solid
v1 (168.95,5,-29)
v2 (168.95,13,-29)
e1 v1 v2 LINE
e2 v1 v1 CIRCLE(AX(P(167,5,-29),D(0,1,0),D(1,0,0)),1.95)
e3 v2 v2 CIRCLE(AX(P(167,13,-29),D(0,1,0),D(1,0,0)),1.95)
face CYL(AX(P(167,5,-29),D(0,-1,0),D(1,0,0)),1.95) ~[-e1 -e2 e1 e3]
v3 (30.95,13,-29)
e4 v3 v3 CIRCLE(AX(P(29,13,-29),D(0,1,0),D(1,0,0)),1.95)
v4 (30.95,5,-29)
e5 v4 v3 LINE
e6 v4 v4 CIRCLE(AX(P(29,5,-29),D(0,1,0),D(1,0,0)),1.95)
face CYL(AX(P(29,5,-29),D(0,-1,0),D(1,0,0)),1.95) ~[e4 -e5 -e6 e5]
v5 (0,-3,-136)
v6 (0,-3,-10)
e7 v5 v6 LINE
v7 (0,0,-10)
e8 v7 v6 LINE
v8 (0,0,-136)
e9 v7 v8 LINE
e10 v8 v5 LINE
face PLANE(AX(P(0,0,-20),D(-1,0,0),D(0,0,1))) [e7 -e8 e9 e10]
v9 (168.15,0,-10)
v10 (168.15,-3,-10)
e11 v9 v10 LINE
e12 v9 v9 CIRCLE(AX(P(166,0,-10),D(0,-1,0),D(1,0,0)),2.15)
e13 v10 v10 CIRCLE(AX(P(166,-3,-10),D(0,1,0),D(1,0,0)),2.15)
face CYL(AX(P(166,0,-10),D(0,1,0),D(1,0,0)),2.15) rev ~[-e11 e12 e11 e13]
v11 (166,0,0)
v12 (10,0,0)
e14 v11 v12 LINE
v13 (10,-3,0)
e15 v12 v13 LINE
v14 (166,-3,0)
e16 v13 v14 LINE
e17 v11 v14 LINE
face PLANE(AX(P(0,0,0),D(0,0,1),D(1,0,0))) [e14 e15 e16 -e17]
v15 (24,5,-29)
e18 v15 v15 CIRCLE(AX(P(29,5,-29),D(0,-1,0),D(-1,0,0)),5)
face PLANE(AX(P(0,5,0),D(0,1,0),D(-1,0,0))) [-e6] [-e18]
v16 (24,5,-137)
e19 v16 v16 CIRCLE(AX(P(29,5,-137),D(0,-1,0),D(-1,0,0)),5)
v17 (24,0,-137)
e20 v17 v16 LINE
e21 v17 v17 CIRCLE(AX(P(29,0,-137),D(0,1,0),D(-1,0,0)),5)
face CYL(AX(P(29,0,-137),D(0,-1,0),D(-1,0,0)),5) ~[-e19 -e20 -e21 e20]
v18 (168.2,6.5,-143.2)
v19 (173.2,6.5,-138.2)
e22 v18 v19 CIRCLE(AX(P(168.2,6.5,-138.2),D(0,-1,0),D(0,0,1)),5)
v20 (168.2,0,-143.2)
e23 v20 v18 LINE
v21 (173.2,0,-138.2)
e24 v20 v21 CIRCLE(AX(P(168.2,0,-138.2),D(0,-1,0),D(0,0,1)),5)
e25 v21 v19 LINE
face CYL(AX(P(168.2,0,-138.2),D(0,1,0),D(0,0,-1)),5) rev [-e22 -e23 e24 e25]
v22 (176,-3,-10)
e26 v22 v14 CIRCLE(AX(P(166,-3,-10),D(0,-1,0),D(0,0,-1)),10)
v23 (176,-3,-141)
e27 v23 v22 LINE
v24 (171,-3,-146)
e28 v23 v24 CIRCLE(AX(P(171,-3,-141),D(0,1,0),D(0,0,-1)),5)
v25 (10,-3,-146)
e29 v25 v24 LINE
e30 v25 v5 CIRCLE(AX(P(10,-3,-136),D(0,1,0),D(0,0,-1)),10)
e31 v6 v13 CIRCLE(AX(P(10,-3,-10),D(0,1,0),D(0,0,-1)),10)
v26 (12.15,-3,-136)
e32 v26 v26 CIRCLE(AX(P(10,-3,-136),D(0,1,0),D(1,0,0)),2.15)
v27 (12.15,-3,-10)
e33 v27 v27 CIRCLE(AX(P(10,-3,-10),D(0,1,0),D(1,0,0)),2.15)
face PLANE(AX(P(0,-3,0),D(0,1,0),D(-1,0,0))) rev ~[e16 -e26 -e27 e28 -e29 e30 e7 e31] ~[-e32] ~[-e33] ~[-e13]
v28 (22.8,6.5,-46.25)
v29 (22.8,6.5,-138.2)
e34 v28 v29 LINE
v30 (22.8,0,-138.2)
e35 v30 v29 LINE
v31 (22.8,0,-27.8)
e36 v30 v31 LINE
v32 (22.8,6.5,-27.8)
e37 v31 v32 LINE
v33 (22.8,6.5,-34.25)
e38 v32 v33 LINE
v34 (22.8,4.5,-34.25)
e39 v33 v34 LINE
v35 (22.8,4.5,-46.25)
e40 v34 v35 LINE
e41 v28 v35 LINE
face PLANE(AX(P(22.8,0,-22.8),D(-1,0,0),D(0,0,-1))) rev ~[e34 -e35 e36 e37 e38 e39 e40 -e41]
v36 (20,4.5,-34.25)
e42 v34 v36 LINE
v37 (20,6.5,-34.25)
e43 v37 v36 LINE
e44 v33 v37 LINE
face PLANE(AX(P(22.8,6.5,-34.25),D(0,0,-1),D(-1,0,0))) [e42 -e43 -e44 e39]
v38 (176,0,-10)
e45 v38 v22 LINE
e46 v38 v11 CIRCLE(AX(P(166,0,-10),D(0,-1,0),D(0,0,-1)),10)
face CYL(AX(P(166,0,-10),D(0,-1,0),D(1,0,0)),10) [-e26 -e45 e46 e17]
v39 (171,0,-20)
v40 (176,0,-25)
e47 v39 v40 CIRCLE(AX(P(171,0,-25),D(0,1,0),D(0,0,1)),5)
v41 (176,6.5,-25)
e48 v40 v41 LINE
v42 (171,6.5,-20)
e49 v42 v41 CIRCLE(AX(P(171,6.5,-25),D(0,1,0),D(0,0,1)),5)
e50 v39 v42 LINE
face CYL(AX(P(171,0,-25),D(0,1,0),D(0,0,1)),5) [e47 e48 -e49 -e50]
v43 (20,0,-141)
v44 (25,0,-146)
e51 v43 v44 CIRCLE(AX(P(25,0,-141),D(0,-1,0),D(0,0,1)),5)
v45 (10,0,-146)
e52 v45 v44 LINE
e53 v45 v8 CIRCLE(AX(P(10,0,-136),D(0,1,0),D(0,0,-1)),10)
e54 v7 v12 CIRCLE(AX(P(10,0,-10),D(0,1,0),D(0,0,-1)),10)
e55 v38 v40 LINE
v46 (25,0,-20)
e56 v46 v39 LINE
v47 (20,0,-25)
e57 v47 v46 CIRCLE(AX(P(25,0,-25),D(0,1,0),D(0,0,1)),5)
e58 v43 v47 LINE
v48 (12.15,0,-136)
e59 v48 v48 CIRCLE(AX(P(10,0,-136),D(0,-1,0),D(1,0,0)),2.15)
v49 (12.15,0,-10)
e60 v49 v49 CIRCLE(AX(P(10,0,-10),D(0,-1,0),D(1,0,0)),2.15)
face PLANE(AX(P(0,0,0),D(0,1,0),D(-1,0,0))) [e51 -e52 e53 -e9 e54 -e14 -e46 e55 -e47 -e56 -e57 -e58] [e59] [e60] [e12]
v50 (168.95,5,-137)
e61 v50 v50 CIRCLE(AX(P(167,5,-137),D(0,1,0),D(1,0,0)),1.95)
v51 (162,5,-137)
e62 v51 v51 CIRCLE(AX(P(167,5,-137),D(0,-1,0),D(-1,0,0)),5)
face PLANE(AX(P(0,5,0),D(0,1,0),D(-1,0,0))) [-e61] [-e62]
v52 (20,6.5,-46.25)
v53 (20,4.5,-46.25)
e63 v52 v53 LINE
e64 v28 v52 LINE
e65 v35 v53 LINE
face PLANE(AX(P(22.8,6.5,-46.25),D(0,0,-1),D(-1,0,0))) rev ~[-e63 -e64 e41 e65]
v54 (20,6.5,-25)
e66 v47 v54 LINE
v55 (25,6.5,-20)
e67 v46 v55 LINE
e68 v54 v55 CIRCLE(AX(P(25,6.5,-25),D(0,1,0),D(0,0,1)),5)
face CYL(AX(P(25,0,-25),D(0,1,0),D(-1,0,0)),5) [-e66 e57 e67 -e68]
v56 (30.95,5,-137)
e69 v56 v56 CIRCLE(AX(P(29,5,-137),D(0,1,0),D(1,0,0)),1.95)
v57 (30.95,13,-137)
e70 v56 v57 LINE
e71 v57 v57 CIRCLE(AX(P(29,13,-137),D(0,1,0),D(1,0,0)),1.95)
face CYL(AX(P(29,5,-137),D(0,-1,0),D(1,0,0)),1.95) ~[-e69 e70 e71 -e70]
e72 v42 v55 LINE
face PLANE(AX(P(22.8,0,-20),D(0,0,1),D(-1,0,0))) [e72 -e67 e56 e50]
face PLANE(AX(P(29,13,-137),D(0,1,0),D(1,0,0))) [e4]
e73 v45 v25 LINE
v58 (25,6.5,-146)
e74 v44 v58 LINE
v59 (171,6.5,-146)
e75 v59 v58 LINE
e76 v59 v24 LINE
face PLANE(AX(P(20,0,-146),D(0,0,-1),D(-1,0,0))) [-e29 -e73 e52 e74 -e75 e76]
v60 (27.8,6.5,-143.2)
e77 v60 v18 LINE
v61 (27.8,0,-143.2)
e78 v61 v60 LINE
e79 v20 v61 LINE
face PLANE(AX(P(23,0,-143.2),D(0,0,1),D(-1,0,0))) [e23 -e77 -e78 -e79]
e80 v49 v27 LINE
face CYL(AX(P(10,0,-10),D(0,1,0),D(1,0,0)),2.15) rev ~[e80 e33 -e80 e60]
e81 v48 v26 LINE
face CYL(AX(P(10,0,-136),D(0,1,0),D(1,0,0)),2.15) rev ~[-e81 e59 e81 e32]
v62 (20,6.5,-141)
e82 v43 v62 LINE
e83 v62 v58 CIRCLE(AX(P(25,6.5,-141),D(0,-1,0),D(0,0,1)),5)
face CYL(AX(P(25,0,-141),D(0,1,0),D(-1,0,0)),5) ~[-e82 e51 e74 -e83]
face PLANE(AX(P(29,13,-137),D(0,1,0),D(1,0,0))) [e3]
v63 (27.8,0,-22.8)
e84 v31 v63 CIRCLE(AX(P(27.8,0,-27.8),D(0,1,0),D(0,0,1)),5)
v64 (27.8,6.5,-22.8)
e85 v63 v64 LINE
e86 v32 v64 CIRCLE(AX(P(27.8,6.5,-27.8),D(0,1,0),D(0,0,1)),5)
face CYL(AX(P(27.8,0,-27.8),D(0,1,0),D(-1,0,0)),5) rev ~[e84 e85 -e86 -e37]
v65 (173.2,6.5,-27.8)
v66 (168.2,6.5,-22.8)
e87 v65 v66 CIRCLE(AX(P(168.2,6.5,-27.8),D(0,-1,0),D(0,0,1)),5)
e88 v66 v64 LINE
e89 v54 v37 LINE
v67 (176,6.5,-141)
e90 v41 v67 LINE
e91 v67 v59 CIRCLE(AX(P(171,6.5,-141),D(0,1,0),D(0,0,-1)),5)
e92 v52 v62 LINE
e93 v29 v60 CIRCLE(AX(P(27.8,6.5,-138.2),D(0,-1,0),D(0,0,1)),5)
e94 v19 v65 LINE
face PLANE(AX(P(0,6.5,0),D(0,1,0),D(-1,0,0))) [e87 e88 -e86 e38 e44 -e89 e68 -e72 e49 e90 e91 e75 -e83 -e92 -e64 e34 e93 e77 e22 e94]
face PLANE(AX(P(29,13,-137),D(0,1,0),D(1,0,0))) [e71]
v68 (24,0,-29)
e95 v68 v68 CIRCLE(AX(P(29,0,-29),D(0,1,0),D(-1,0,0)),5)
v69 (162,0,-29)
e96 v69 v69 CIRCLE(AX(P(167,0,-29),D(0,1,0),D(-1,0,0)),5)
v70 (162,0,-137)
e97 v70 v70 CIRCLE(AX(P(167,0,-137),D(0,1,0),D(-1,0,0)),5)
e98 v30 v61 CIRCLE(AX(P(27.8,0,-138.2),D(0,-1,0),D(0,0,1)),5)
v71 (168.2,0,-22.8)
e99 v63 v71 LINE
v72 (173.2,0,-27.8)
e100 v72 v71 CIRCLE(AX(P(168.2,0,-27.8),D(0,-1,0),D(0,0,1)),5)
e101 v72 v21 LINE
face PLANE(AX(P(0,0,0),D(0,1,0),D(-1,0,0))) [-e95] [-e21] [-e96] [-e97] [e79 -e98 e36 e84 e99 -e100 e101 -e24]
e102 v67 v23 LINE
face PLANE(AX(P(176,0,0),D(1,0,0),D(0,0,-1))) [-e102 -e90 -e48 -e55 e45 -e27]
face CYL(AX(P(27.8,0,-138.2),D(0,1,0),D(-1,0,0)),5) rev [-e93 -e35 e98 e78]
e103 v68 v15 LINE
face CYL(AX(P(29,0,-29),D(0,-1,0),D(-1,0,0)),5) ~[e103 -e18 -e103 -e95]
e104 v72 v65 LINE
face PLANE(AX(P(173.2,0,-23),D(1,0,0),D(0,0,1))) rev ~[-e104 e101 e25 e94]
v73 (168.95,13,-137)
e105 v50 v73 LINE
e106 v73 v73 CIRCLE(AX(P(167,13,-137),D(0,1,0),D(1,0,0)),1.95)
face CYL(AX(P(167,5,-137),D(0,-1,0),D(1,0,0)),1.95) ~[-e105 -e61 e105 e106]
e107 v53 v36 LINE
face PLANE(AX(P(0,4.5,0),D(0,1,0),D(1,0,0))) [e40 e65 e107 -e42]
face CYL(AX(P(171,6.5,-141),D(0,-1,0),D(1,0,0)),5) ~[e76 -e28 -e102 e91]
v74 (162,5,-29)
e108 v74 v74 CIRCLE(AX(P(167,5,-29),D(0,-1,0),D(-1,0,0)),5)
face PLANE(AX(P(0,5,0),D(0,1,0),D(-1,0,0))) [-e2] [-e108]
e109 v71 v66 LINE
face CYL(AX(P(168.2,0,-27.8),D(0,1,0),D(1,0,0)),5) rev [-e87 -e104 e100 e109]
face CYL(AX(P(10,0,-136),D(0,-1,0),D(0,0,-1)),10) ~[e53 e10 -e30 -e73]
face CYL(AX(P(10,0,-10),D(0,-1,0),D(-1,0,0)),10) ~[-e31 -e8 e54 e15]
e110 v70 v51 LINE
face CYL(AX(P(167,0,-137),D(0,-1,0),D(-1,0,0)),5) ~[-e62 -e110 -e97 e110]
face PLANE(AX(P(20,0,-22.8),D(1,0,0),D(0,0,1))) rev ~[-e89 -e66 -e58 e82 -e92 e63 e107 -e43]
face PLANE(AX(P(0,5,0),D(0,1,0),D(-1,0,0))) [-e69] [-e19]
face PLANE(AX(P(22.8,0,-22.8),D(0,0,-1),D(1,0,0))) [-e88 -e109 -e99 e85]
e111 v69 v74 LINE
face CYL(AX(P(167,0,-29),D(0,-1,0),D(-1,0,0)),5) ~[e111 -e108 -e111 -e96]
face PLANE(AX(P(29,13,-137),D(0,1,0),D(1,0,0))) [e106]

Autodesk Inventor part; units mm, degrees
ref_plane "YZ Plane" through (0, 0, 0) normal (1, 0, 0) x (0, 1, 0)
ref_plane "XZ Plane" through (0, 0, 0) normal (0, 1, 0) x (-1, 0, 0)
ref_plane "XY Plane" through (0, 0, 0) normal (0, 0, 1) x (1, 0, 0)
sketch "Sketch1" plane through (0, 0, 0) normal (0, 1, 0) x (-1, 0, 0)
  line L0 (0, 0) -> (-176, 0)
  line L1 (-176, 0) -> (-176, -146)
  line L2 (-176, -146) -> (0, -146)
  line L3 (0, -146) -> (0, 0)
  line L4 (0, 0) -> (-176, 0)
  line L5 (-176, 0) -> (-176, -20)
  line L6 (-176, -20) -> (0, -20)
  line L7 (0, -20) -> (0, 0)
  line L8 (0, -146) -> (-20, -146)
  line L9 (-20, -146) -> (-20, 0)
  line L10 (-20, 0) -> (0, 0)
  line L11 (0, 0) -> (0, -146)
  line L12 (-20, -146) -> (-176, -146)
  line L13 (-176, -146) -> (-176, -143)
  line L14 (-176, -143) -> (-20, -143)
  line L15 (-20, -143) -> (-20, -146)
  line L16 (-20, -146) -> (-23, -146)
  line L17 (-23, -146) -> (-23, -20)
  line L18 (-23, -20) -> (-20, -20)
  line L19 (-20, -20) -> (-20, -146)
  line L20 (-20, -20) -> (-176, -20)
  line L21 (-176, -20) -> (-176, -23)
  line L22 (-176, -23) -> (-20, -23)
  line L23 (-20, -23) -> (-20, -20)
  line L24 (-176, -20) -> (-173, -20)
  line L25 (-173, -20) -> (-173, -146)
  line L26 (-173, -146) -> (-176, -146)
  line L27 (-176, -146) -> (-176, -20)
  line L28 (-20, -146) -> (-176, -146)
  line L29 (-176, -146) -> (-176, -143.2)
  line L30 (-176, -143.2) -> (-20, -143.2)
  line L31 (-20, -143.2) -> (-20, -146)
  line L32 (-176, -146) -> (-173.2, -146)
  line L33 (-173.2, -146) -> (-173.2, -20)
  line L34 (-173.2, -20) -> (-176, -20)
  line L35 (-176, -20) -> (-176, -146)
  line L36 (-176, -20) -> (-20, -20)
  line L37 (-20, -20) -> (-20, -22.8)
  line L38 (-20, -22.8) -> (-176, -22.8)
  line L39 (-176, -22.8) -> (-176, -20)
  line L40 (-20, -20) -> (-22.8, -20)
  line L41 (-22.8, -20) -> (-22.8, -146)
  line L42 (-22.8, -146) -> (-20, -146)
  line L43 (-20, -146) -> (-20, -20)
  line L44 (-23, -143) -> (-29, -143)
  line L45 (-29, -143) -> (-29, -137)
  line L46 (-29, -137) -> (-23, -137)
  line L47 (-23, -137) -> (-23, -143)
  line L48 (-173, -143) -> (-167, -143)
  line L49 (-167, -143) -> (-167, -137)
  line L50 (-167, -137) -> (-173, -137)
  line L51 (-173, -137) -> (-173, -143)
  line L52 (-173, -23) -> (-167, -23)
  line L53 (-167, -23) -> (-167, -29)
  line L54 (-167, -29) -> (-173, -29)
  line L55 (-173, -29) -> (-173, -23)
  line L56 (-23, -23) -> (-29, -23)
  line L57 (-29, -23) -> (-29, -29)
  line L58 (-29, -29) -> (-23, -29)
  line L59 (-23, -29) -> (-23, -23)
  line L60 (-23, -143) -> (-173, -143)
  line L61 (-173, -143) -> (-173, -23)
  line L62 (-173, -23) -> (-23, -23)
  line L63 (-23, -23) -> (-23, -143)
  circle A0 centre (-29, -137) radius 5
  circle A1 centre (-167, -137) radius 5
  circle A2 centre (-167, -29) radius 5
  circle A3 centre (-29, -29) radius 5
  line L64 (-22.8, -143.2) -> (-27.8, -143.2)
  line L65 (-27.8, -143.2) -> (-27.8, -138.2)
  line L66 (-27.8, -138.2) -> (-22.8, -138.2)
  line L67 (-22.8, -138.2) -> (-22.8, -143.2)
  line L68 (-173.2, -143.2) -> (-168.2, -143.2)
  line L69 (-168.2, -143.2) -> (-168.2, -138.2)
  line L70 (-168.2, -138.2) -> (-173.2, -138.2)
  line L71 (-173.2, -138.2) -> (-173.2, -143.2)
  line L72 (-173.2, -22.8) -> (-168.2, -22.8)
  line L73 (-168.2, -22.8) -> (-168.2, -27.8)
  line L74 (-168.2, -27.8) -> (-173.2, -27.8)
  line L75 (-173.2, -27.8) -> (-173.2, -22.8)
  line L76 (-22.8, -22.8) -> (-27.8, -22.8)
  line L77 (-27.8, -22.8) -> (-27.8, -27.8)
  line L78 (-27.8, -27.8) -> (-22.8, -27.8)
  line L79 (-22.8, -27.8) -> (-22.8, -22.8)
  circle A4 centre (-27.8, -138.2) radius 5
  circle A5 centre (-168.2, -138.2) radius 5
  circle A6 centre (-168.2, -27.8) radius 5
  circle A7 centre (-27.8, -27.8) radius 5
  dimension "d4" = 176
  dimension "d5" = 146
  dimension "d6" = 20
  dimension "d7" = 20
  dimension "d8" = 3
  dimension "d9" = 3
  dimension "d10" = 3
  dimension "d11" = 3
  dimension "d12" = 2.8
  dimension "d13" = 2.8
  dimension "d14" = 2.8
  dimension "d15" = 2.8
  dimension "d16" = 6
  dimension "d17" = 6
  dimension "d18" = 6
  dimension "d19" = 6
  dimension "d20" = 6
  dimension "d21" = 6
  dimension "d22" = 6
  dimension "d23" = 6
  dimension "d24" = 10
  dimension "d25" = 10
  dimension "d26" = 10
  dimension "d27" = 10
  dimension "d28" = 5
  dimension "d29" = 5
  dimension "d30" = 5
  dimension "d31" = 5
  dimension "d32" = 5
  dimension "d33" = 5
  dimension "d34" = 5
  dimension "d35" = 5
extrude "Extrusion1" add sketch "Sketch1" against normal blind 3
extrude "Extrusion2" add sketch "Sketch1" along normal blind 5 contours L77 L78 A3 L58 L57 | A3 L78 L77 | A7 A3 | A3 L57 L58 A7 | L74 L73 A2 L53 L54 | A2 L73 L74 | A6 A2 | A2 L54 L53 A6 | L66 L65 A0 L45 L46 | A0 L65 L66 | A4 A0 | A0 L46 L45 A4 | L70 L69 A1 | A1 L50 L49 L69 L70 | A5 A1 L49 L50 | A1 A5
extrude "Extrusion4" add sketch "Sketch1" along normal blind 6.5 contours L9 L38 L41 L6 | L6 L33 L38 L1 | L41 L38 L17 L6 | L9 L22 L41 L38 | L2 L41 L30 L9 | L38 L33 L22 L1 | L6 L25 L38 L33 | L17 L38 L25 L6 | L9 L14 L41 L22 | L2 L17 L30 L41 | L30 L41 L14 L9 | L22 L33 L14 L1 | L2 L25 L30 L17 | L14 L33 L30 L1 | L2 L33 L30 L25 | L30 L33 L2 L1
fillet "Fillet1" radius 5 4 edges at (22.8, 3.25, -143.2) (22.8, 3.25, -22.8) (173.2, 3.25, -22.8) (173.2, 3.25, -143.2)
sketch "Sketch2" plane through (29, 5, -137) normal (0, 1, 0) x (1, 0, 0)
  circle A0 centre (0, 0) radius 1.95
  circle A1 centre (138, 0) radius 5 projected
  circle A2 centre (138, 0) radius 1.95
  circle A3 centre (138, -108) radius 5 projected
  circle A4 centre (138, -108) radius 1.95
  circle A5 centre (0, -108) radius 5 projected
  circle A6 centre (0, -108) radius 1.95
  point P0 (-29, -137)
  dimension "d45" = 3.9
  dimension "d46" = 3.9
  dimension "d47" = 3.9
  dimension "d48" = 3.9
extrude "Extrusion5" add sketch "Sketch2" along normal blind 8 contours A0 | A2 | A4 | A6
fillet "Fillet2" radius 5 4 edges at (176, 3.25, -20) (20, 3.25, -20) (176, 1.75, -146) (20, 3.25, -146)
fillet "Fillet3" radius 10 3 edges at (176, -1.5, 0) (0, -1.5, 0) (0, -1.5, -146)
sketch "Sketch3" plane through (0, 0, 0) normal (0, 1, 0) x (1, 0, 0)
  line L0 (25, 146) -> (10, 146) projected
  line L1 (0, 0) -> (20, 0)
  line L2 (20, 0) -> (20, 146)
  line L3 (20, 146) -> (0, 146)
  line L4 (0, 146) -> (0, 0)
  line L5 (176, 10) -> (176, 25) projected
  line L6 (0, 0) -> (176, 0)
  line L7 (176, 0) -> (176, 20)
  line L8 (176, 20) -> (0, 20)
  line L9 (0, 20) -> (0, 0)
  line L10 (20, 20) -> (0, 0)
  line L11 (20, 0) -> (0, 20)
  line L12 (176, 0) -> (156, 0)
  line L13 (156, 0) -> (156, 20)
  line L14 (156, 20) -> (176, 20)
  line L15 (176, 20) -> (176, 0)
  line L16 (0, 146) -> (20, 146)
  line L17 (20, 146) -> (20, 126)
  line L18 (20, 126) -> (0, 126)
  line L19 (0, 126) -> (0, 146)
  line L20 (20, 126) -> (0, 146)
  line L21 (20, 146) -> (0, 126)
  line L22 (176, 0) -> (156, 20)
  line L23 (156, 0) -> (176, 20)
  line L24 (166, 10) -> (10, 10)
  line L25 (10, 136) -> (10, 10)
  circle A0 centre (10, 136) radius 2.15
  circle A1 centre (10, 10) radius 2.15
  circle A2 centre (166, 10) radius 2.15
  dimension "d53" = 20
  dimension "d54" = 20
  dimension "d55" = 20
  dimension "d56" = 20
  dimension "d57" = 4.3
  dimension "d58" = 4.3
  dimension "d59" = 4.3
extrude "Extrusion6" cut sketch "Sketch3" against normal blind 8 contours A0 L20 L21 | L21 L20 A0 | A0 L25 L20 | L21 A0 L20 | L25 A0 L21 | A1 L24 L10 | L10 L25 A1 | A1 L11 L24 | A2 L23 L22 | L22 L24 A2 | L25 L11 A1 | L11 A1 L10 | L10 A1 L11 | L24 L23 A2 | A2 L22 L23 | L22 A2 L23
sketch "Sketch4" plane through (0, 6.5, 0) normal (0, 1, 0) x (1, 0, 0)
  arc A0 (20, 25) -> (25, 20) centre (25, 25) ccw projected
  line L0 (25, 20) -> (20, 20)
  line L1 (20, 20) -> (20, 25)
  line L2 (20, 25) -> (25, 25)
  line L3 (25, 25) -> (25, 20)
  line L4 (22.8, 27.8) -> (22.8, 138.2) projected
  line L5 (20, 20) -> (22.8, 20)
  line L6 (22.8, 20) -> (22.8, 34.25)
  line L7 (22.8, 34.25) -> (20, 34.25)
  line L8 (20, 34.25) -> (20, 20)
  line L9 (20, 34.25) -> (22.8, 34.25)
  line L10 (22.8, 34.25) -> (22.8, 46.25)
  line L11 (22.8, 46.25) -> (20, 46.25)
  line L12 (20, 46.25) -> (20, 34.25)
  point P0 (0, 0)
  dimension "d62" = 14.25
  dimension "d63" = 12
extrude "Extrusion7" cut sketch "Sketch4" against normal blind 2 contours L12 L11 L4 L7
properties part number "BottomCase"
